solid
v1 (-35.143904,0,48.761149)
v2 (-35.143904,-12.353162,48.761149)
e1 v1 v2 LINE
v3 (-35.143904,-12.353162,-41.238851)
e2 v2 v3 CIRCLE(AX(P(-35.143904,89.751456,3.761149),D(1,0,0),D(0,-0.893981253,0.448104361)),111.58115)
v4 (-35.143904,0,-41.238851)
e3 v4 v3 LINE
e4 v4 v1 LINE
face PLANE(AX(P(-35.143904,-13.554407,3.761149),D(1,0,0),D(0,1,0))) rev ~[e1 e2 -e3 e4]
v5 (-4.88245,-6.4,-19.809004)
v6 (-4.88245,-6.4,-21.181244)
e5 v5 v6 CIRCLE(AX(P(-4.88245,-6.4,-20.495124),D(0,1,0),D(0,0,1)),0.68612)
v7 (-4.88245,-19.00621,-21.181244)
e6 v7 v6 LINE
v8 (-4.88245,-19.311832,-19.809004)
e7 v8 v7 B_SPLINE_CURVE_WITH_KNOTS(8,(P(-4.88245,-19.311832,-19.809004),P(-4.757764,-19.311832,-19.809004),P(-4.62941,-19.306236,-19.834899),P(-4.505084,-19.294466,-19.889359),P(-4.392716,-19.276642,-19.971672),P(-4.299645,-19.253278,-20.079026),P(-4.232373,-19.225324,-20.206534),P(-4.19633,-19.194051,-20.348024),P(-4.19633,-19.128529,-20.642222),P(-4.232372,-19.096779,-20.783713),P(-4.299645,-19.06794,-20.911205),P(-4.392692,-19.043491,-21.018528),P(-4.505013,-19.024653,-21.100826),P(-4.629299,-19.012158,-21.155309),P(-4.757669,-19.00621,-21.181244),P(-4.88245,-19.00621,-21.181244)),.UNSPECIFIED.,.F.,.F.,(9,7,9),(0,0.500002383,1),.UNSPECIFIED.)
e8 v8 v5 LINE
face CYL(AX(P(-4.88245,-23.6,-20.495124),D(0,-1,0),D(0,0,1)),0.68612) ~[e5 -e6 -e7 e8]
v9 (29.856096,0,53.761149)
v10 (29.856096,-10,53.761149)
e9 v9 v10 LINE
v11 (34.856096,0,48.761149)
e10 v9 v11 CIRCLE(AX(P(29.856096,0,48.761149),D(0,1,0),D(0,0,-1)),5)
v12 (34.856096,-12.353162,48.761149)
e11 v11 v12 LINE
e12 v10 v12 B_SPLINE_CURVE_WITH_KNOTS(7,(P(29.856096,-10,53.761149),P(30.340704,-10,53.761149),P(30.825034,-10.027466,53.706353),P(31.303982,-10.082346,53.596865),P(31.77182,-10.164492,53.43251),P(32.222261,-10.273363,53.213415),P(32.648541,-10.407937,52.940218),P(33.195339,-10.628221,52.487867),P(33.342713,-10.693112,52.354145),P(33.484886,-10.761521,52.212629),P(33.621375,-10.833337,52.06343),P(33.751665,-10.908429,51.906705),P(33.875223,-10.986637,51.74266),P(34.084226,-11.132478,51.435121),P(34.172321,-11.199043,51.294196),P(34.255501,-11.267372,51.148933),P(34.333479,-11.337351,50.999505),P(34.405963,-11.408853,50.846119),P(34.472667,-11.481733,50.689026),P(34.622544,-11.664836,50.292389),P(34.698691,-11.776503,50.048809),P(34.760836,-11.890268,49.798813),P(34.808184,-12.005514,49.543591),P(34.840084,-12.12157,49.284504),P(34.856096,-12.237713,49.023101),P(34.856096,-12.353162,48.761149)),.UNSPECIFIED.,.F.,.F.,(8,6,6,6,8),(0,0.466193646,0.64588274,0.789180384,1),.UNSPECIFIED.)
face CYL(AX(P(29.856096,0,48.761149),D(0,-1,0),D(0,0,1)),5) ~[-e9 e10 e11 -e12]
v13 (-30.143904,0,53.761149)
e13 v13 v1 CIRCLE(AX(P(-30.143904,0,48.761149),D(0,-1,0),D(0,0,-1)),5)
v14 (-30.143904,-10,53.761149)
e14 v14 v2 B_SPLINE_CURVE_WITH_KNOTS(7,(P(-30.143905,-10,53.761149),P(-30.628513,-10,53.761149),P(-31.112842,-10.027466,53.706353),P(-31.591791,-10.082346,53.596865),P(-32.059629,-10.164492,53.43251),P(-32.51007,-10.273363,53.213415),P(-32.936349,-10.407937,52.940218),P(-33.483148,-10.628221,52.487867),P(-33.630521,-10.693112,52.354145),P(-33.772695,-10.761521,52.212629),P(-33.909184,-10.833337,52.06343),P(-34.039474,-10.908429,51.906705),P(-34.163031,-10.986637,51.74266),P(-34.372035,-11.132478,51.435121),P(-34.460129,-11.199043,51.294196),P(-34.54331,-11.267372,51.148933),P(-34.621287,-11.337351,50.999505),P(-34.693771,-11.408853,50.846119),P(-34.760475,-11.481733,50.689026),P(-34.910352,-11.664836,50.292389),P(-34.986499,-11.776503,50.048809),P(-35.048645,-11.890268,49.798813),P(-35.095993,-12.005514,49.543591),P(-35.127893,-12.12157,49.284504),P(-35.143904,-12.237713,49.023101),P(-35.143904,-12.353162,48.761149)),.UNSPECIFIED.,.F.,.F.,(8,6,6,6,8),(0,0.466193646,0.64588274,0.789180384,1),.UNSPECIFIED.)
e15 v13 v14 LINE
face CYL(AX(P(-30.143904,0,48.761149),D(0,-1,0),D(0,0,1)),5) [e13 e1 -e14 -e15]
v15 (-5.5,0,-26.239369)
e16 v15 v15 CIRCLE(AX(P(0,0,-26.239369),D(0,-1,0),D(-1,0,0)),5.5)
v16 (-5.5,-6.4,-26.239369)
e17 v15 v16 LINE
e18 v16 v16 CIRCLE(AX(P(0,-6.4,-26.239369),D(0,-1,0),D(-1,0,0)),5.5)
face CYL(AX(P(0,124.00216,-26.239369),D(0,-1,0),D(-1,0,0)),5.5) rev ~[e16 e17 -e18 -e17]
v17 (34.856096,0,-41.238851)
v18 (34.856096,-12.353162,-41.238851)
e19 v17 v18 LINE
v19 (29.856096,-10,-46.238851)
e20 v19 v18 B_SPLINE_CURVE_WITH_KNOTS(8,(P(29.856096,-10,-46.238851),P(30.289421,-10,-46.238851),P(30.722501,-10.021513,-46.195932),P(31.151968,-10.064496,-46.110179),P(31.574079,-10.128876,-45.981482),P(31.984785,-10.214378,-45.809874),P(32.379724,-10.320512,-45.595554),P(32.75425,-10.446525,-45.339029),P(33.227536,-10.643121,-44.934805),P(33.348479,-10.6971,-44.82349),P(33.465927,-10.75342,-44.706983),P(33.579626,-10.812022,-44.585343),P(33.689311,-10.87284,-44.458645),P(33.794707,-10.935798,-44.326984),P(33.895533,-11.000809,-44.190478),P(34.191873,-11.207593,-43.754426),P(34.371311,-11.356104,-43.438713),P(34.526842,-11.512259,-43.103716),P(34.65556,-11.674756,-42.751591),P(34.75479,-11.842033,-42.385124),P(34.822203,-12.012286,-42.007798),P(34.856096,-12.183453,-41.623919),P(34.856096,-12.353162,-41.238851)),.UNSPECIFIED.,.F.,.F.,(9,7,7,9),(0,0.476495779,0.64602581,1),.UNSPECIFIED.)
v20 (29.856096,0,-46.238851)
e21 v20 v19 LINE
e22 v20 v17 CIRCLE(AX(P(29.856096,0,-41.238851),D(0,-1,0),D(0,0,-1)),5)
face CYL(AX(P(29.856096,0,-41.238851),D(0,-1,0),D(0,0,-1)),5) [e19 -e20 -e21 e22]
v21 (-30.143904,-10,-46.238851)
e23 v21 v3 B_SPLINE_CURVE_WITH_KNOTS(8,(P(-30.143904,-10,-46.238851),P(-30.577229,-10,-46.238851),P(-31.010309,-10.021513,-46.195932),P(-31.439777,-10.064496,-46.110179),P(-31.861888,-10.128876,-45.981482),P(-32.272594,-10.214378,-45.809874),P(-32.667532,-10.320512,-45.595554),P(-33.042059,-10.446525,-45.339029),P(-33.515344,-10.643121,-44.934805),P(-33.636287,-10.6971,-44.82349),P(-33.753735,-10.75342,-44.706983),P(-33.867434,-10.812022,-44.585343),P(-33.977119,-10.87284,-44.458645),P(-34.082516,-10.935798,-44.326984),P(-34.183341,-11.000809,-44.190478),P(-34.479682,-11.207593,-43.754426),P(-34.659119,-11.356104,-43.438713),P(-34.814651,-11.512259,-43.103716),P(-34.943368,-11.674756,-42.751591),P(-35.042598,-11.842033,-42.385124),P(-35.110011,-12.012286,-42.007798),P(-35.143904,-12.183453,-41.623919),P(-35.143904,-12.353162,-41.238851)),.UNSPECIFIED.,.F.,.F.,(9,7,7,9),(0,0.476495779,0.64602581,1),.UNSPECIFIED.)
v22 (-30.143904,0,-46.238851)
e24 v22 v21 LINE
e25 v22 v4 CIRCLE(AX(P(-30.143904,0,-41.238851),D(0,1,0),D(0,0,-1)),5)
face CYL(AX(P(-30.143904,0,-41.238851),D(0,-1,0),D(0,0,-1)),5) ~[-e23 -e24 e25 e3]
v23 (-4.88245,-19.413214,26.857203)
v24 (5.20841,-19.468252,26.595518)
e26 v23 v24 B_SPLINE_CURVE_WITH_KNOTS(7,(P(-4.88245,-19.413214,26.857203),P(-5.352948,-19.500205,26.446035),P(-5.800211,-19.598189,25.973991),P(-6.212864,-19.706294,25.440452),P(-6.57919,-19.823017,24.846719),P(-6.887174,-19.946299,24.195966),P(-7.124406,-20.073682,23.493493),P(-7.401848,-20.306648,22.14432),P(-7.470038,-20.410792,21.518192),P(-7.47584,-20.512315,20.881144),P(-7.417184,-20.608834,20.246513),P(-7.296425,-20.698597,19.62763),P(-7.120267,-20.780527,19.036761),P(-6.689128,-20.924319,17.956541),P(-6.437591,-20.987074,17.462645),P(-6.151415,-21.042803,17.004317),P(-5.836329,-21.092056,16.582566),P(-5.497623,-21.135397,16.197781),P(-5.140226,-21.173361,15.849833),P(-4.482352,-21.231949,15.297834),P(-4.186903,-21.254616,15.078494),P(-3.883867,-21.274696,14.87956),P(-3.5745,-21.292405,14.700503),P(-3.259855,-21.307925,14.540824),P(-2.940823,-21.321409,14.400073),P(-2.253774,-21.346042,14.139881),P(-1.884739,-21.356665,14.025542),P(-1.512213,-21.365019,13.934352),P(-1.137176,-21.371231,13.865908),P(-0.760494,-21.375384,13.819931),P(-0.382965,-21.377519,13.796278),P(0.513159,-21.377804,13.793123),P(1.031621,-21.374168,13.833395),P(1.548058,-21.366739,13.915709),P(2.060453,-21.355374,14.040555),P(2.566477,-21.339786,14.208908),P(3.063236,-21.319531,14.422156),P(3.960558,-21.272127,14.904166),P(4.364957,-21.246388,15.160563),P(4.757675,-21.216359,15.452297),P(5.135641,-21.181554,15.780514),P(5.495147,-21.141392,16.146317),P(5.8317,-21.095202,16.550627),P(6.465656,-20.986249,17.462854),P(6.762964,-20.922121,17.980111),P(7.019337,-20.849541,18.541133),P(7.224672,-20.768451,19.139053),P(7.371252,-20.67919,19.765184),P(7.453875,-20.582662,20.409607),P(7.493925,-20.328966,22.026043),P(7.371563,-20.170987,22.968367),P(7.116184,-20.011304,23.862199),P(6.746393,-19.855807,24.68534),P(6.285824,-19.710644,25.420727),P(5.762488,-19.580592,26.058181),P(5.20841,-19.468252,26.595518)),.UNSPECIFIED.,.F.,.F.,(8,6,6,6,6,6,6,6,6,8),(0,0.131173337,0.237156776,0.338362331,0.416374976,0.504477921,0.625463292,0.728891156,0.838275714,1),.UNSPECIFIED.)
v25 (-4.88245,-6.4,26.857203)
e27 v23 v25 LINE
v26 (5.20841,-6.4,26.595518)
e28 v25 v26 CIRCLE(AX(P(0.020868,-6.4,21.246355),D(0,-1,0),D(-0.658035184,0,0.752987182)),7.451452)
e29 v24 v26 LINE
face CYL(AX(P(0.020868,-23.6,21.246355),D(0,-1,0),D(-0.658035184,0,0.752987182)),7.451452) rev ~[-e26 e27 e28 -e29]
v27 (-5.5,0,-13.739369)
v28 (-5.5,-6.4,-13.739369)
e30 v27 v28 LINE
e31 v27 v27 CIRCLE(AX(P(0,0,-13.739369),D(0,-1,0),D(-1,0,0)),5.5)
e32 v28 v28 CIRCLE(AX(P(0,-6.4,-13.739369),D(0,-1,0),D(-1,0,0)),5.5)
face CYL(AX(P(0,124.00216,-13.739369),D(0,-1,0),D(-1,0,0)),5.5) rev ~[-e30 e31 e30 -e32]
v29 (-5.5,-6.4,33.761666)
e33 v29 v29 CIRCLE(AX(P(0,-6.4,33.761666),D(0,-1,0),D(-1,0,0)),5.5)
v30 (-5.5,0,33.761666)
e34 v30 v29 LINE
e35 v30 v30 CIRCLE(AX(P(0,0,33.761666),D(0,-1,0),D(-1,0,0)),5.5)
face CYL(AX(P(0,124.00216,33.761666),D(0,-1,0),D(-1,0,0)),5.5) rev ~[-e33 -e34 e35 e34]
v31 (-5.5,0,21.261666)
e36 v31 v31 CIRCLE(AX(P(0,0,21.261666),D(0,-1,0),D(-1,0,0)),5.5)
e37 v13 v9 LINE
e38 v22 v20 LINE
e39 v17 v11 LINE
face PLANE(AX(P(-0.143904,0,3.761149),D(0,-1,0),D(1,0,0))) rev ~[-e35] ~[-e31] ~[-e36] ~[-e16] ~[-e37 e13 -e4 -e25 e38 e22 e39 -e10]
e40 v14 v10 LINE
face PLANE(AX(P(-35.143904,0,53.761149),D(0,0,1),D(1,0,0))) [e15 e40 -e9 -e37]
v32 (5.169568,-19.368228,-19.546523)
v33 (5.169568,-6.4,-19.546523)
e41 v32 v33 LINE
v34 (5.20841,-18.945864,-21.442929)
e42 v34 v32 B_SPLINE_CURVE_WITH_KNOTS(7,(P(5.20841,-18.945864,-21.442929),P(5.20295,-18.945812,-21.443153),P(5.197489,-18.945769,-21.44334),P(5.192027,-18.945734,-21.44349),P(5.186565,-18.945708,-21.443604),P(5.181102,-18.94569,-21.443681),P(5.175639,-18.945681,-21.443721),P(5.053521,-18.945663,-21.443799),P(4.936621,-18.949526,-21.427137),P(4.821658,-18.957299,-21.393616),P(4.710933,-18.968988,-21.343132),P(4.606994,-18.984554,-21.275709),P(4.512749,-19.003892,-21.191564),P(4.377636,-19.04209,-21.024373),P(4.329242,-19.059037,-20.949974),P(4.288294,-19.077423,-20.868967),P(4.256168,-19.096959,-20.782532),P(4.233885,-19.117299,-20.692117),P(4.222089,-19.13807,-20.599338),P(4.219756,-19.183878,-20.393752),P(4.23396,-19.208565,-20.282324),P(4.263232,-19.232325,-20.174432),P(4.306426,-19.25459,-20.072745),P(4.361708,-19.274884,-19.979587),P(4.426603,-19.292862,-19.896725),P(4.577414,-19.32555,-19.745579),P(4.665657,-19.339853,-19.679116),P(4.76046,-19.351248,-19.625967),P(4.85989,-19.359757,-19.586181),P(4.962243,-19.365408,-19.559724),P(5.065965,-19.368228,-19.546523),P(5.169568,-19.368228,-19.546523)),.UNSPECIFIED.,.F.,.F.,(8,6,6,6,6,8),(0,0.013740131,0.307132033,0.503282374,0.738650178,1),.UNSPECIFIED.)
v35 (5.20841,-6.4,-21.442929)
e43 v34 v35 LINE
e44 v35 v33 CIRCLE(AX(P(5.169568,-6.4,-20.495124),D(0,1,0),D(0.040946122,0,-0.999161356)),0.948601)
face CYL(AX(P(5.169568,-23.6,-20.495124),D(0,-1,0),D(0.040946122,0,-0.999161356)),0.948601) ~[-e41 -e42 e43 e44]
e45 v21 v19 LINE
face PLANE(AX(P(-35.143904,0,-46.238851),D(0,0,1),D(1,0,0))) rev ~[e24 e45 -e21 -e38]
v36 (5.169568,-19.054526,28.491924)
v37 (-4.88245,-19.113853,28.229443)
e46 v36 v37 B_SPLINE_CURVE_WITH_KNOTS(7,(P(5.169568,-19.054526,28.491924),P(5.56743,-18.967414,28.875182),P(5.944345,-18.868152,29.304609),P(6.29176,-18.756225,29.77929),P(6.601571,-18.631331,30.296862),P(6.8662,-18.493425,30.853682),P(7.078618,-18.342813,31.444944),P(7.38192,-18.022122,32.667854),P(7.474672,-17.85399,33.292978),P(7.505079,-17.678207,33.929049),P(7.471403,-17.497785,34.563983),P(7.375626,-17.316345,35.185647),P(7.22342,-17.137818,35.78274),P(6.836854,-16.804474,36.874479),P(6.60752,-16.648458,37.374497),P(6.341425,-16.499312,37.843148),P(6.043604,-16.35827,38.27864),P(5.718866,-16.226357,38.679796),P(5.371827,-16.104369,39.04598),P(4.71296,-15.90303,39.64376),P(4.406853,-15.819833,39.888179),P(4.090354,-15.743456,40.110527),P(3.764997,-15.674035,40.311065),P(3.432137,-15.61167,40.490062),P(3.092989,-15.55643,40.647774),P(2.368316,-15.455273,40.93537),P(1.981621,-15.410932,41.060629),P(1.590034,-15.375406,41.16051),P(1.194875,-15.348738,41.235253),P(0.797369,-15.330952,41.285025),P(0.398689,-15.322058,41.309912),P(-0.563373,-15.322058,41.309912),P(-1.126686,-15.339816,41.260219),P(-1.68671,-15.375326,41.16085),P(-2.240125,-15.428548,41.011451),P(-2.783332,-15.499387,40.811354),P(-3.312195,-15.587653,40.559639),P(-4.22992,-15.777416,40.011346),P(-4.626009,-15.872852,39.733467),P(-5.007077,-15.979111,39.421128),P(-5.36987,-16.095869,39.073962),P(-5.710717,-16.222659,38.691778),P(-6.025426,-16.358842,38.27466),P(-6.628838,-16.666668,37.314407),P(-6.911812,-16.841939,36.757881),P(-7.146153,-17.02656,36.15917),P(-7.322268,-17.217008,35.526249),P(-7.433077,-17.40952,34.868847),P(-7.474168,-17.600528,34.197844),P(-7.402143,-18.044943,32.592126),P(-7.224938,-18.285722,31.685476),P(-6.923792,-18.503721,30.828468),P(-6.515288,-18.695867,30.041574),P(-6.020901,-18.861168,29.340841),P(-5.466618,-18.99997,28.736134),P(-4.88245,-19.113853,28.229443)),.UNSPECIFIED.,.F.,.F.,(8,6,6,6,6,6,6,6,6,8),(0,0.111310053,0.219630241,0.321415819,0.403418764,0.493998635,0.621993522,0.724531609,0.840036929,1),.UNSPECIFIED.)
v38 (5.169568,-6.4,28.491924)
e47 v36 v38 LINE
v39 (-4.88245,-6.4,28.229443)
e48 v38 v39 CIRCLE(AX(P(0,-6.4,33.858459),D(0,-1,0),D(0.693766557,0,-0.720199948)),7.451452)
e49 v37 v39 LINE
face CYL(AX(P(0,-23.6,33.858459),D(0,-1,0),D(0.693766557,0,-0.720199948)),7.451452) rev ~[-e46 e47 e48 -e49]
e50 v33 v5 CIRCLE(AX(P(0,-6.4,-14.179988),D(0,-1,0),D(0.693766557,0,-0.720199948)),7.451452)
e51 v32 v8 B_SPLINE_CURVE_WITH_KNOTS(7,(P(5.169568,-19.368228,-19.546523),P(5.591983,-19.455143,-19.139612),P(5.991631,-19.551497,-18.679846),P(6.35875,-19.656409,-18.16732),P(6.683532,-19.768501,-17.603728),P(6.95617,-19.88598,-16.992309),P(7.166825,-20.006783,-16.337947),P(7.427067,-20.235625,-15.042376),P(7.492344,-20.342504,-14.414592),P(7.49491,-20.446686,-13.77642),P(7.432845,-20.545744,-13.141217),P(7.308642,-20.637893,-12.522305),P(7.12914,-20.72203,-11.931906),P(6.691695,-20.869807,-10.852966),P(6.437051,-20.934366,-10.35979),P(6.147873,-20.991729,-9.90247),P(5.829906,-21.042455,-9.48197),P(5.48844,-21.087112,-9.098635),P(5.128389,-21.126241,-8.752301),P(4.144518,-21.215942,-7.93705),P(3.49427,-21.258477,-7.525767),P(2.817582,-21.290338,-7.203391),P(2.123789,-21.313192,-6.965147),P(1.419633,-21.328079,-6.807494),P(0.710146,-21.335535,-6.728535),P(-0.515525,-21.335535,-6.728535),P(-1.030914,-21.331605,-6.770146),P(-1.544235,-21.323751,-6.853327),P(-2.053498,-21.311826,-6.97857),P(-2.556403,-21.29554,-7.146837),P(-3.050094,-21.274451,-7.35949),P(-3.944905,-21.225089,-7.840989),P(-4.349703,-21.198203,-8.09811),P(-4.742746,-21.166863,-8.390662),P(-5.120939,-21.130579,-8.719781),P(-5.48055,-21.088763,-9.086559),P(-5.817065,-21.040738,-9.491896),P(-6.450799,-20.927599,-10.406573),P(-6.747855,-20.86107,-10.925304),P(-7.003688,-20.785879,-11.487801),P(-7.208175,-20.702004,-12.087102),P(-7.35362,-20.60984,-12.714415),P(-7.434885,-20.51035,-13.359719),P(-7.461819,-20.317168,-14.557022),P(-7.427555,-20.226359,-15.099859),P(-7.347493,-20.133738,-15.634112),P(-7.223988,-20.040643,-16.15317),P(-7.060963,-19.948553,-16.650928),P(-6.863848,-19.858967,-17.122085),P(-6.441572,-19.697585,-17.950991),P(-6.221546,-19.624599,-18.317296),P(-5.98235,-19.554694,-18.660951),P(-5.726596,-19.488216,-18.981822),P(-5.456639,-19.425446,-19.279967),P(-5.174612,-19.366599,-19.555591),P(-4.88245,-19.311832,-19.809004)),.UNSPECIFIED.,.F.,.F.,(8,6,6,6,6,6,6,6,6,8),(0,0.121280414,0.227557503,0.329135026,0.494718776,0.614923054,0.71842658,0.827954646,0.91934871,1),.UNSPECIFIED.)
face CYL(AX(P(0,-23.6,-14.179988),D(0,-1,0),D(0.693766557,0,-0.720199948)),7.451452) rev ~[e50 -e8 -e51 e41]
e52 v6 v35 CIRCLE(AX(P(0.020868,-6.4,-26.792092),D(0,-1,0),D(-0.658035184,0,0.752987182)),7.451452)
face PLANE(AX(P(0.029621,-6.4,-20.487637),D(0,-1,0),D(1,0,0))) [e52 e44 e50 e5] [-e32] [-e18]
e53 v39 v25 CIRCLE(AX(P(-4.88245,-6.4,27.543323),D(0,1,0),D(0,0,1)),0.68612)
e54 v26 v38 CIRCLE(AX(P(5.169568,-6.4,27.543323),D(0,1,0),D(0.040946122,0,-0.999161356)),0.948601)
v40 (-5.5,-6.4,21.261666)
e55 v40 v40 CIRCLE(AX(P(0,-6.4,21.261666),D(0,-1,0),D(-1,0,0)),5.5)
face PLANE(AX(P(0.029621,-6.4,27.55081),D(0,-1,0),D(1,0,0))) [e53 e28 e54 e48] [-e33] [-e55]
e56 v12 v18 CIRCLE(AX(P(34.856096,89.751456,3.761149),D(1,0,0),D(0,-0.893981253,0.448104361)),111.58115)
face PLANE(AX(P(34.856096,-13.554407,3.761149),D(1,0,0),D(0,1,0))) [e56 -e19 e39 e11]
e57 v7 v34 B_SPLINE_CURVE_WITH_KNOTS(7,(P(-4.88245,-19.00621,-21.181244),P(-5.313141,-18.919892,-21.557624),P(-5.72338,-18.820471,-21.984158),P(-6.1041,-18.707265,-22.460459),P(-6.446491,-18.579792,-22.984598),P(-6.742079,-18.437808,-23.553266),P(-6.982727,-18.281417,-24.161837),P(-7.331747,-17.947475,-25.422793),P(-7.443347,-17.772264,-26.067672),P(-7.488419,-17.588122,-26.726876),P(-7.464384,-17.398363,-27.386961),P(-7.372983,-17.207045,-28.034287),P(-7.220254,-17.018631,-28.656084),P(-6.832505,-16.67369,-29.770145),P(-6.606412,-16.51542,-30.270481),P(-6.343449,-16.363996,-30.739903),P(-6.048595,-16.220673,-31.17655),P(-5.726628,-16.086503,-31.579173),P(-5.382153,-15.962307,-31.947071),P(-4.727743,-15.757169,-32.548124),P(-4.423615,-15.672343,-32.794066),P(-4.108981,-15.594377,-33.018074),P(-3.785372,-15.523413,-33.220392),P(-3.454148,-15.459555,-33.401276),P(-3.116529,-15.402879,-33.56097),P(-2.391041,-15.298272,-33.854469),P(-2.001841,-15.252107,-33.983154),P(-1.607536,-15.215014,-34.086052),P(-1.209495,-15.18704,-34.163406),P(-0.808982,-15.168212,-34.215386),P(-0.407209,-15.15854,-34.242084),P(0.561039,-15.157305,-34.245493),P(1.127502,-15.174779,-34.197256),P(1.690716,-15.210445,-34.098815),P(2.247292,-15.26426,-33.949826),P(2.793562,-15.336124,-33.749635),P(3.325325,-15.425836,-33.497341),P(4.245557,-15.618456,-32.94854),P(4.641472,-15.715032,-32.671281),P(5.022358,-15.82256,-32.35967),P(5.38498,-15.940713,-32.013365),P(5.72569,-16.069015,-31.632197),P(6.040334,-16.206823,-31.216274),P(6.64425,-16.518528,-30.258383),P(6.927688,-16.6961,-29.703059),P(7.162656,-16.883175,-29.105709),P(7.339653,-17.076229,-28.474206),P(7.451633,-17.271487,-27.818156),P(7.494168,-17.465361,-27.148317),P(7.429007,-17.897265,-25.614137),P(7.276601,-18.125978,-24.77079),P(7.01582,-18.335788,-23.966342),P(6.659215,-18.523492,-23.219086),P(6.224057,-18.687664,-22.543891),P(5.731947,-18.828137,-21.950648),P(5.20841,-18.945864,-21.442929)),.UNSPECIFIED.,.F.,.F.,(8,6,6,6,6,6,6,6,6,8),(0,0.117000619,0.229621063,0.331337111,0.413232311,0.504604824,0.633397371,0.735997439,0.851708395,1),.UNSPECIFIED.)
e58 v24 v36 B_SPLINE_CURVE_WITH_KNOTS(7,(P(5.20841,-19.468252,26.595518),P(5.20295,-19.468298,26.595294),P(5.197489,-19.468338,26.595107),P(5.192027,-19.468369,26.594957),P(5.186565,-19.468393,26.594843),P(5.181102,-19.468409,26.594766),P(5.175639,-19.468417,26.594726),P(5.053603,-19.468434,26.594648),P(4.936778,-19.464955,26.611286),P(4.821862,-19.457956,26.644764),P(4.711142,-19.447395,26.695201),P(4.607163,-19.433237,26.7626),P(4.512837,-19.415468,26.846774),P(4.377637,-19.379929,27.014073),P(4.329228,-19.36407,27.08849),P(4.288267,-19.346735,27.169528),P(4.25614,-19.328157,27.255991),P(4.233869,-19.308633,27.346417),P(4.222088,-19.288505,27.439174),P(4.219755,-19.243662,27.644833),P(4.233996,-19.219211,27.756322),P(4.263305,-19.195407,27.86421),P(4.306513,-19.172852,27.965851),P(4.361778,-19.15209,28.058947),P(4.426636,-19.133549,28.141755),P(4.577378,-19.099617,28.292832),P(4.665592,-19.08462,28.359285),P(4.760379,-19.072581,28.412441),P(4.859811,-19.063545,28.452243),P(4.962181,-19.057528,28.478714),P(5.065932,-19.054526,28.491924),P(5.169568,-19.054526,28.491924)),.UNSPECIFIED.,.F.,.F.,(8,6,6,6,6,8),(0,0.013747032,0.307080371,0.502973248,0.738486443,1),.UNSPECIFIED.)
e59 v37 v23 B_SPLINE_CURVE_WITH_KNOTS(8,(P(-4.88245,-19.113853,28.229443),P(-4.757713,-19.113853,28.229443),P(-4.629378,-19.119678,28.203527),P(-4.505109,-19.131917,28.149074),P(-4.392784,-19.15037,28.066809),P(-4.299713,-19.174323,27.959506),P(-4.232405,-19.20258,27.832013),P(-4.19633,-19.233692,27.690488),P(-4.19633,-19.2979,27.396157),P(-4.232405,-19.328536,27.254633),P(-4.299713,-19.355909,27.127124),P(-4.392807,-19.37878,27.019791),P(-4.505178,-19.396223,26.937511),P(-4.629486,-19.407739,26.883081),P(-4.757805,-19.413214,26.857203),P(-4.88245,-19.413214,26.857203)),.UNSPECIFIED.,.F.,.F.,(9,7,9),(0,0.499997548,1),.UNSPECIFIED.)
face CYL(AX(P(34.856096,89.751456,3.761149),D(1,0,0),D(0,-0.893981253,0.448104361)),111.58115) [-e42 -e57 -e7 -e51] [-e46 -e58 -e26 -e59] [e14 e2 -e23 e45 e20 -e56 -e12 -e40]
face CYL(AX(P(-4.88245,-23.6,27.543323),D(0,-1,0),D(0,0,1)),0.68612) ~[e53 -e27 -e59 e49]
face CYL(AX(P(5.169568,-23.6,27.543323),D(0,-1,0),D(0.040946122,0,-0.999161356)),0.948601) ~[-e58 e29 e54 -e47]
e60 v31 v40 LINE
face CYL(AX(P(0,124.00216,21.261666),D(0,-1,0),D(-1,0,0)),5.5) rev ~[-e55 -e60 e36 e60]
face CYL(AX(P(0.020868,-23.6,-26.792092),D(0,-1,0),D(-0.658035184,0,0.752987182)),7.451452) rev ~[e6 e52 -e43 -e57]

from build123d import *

# Parameters (mm, degrees)
F0_W     = 70
F0_H     = 100
F1_DEPTH = 10
F3_DEPTH = 70
F4_R     = 5
F6_D     = 11
F9_DEPTH = 17.2


with BuildPart() as f1:
    # F0 (on Front) → F1 (new body)
    with BuildSketch(Plane.XZ):
        with Locations((-0.1439042389, 3.7611486804)):
            Rectangle(F0_W, F0_H)
    extrude(amount=F1_DEPTH)

    # F2 (on face) → F3 (join)
    with BuildSketch(Plane.YZ.offset(34.8560957611)):
        with BuildLine():
            Line((-10, -46.2388513196), (-10, 53.7611486804))
            ThreePointArc((-10, 53.7611486804), (-21.8296936781, 3.7611486804), (-10, -46.2388513196))
        make_face()
    extrude(amount=-F3_DEPTH)

    # F4
    f4_edges = [f1.edges().sort_by_distance(p)[0] for p in [
        (34.856096, -5, 53.761149),
        (-35.143904, -5, 53.761149),
        (34.856096, -5, -46.238851),
        (-35.143904, -5, -46.238851),
    ]]
    fillet(f4_edges, radius=F4_R)

    # F6 (through all)
    with Locations(Plane(origin=(0, 0, 0), x_dir=(1, 0, 0), z_dir=(0, 1, 0))):
        with Locations((0, -33.7616663978), (0, -21.2616663978), (0, 13.7393690371), (0, 26.2393690371)):
            Hole(F6_D / 2)

    # F8 (on offset) → F9 (cut)
    with BuildSketch(Plane.XZ.offset(23.6)):
        with BuildLine():
            ThreePointArc((5.1695684419, 28.491923844), (-0.1945076363, 41.3073727185), (-4.8824502155, 28.2294433564))
            ThreePointArc((-4.8824502155, 28.2294433564), (-4.1963299736, 27.5433231145), (-4.8824502155, 26.8572028726))
            ThreePointArc((-4.8824502155, 26.8572028726), (-0.17230498, 13.7974067448), (5.2084099632, 26.5955179234))
            ThreePointArc((5.2084099632, 26.5955179234), (4.2211666178, 27.5238982808), (5.1695684419, 28.491923844))
        make_face()
        with BuildLine():
            ThreePointArc((5.1695684419, -19.5465231666), (-0.1945076363, -6.7310742921), (-4.8824502155, -19.8090036542))
            ThreePointArc((-4.8824502155, -19.8090036542), (-4.1963299736, -20.4951238961), (-4.8824502155, -21.181244138))
            ThreePointArc((-4.8824502155, -21.181244138), (-0.17230498, -34.2410402658), (5.2084099632, -21.4429290872))
            ThreePointArc((5.2084099632, -21.4429290872), (4.2211666178, -20.5145487298), (5.1695684419, -19.5465231666))
        make_face()
    extrude(amount=-F9_DEPTH, mode=Mode.SUBTRACT)


solid = f1.part
